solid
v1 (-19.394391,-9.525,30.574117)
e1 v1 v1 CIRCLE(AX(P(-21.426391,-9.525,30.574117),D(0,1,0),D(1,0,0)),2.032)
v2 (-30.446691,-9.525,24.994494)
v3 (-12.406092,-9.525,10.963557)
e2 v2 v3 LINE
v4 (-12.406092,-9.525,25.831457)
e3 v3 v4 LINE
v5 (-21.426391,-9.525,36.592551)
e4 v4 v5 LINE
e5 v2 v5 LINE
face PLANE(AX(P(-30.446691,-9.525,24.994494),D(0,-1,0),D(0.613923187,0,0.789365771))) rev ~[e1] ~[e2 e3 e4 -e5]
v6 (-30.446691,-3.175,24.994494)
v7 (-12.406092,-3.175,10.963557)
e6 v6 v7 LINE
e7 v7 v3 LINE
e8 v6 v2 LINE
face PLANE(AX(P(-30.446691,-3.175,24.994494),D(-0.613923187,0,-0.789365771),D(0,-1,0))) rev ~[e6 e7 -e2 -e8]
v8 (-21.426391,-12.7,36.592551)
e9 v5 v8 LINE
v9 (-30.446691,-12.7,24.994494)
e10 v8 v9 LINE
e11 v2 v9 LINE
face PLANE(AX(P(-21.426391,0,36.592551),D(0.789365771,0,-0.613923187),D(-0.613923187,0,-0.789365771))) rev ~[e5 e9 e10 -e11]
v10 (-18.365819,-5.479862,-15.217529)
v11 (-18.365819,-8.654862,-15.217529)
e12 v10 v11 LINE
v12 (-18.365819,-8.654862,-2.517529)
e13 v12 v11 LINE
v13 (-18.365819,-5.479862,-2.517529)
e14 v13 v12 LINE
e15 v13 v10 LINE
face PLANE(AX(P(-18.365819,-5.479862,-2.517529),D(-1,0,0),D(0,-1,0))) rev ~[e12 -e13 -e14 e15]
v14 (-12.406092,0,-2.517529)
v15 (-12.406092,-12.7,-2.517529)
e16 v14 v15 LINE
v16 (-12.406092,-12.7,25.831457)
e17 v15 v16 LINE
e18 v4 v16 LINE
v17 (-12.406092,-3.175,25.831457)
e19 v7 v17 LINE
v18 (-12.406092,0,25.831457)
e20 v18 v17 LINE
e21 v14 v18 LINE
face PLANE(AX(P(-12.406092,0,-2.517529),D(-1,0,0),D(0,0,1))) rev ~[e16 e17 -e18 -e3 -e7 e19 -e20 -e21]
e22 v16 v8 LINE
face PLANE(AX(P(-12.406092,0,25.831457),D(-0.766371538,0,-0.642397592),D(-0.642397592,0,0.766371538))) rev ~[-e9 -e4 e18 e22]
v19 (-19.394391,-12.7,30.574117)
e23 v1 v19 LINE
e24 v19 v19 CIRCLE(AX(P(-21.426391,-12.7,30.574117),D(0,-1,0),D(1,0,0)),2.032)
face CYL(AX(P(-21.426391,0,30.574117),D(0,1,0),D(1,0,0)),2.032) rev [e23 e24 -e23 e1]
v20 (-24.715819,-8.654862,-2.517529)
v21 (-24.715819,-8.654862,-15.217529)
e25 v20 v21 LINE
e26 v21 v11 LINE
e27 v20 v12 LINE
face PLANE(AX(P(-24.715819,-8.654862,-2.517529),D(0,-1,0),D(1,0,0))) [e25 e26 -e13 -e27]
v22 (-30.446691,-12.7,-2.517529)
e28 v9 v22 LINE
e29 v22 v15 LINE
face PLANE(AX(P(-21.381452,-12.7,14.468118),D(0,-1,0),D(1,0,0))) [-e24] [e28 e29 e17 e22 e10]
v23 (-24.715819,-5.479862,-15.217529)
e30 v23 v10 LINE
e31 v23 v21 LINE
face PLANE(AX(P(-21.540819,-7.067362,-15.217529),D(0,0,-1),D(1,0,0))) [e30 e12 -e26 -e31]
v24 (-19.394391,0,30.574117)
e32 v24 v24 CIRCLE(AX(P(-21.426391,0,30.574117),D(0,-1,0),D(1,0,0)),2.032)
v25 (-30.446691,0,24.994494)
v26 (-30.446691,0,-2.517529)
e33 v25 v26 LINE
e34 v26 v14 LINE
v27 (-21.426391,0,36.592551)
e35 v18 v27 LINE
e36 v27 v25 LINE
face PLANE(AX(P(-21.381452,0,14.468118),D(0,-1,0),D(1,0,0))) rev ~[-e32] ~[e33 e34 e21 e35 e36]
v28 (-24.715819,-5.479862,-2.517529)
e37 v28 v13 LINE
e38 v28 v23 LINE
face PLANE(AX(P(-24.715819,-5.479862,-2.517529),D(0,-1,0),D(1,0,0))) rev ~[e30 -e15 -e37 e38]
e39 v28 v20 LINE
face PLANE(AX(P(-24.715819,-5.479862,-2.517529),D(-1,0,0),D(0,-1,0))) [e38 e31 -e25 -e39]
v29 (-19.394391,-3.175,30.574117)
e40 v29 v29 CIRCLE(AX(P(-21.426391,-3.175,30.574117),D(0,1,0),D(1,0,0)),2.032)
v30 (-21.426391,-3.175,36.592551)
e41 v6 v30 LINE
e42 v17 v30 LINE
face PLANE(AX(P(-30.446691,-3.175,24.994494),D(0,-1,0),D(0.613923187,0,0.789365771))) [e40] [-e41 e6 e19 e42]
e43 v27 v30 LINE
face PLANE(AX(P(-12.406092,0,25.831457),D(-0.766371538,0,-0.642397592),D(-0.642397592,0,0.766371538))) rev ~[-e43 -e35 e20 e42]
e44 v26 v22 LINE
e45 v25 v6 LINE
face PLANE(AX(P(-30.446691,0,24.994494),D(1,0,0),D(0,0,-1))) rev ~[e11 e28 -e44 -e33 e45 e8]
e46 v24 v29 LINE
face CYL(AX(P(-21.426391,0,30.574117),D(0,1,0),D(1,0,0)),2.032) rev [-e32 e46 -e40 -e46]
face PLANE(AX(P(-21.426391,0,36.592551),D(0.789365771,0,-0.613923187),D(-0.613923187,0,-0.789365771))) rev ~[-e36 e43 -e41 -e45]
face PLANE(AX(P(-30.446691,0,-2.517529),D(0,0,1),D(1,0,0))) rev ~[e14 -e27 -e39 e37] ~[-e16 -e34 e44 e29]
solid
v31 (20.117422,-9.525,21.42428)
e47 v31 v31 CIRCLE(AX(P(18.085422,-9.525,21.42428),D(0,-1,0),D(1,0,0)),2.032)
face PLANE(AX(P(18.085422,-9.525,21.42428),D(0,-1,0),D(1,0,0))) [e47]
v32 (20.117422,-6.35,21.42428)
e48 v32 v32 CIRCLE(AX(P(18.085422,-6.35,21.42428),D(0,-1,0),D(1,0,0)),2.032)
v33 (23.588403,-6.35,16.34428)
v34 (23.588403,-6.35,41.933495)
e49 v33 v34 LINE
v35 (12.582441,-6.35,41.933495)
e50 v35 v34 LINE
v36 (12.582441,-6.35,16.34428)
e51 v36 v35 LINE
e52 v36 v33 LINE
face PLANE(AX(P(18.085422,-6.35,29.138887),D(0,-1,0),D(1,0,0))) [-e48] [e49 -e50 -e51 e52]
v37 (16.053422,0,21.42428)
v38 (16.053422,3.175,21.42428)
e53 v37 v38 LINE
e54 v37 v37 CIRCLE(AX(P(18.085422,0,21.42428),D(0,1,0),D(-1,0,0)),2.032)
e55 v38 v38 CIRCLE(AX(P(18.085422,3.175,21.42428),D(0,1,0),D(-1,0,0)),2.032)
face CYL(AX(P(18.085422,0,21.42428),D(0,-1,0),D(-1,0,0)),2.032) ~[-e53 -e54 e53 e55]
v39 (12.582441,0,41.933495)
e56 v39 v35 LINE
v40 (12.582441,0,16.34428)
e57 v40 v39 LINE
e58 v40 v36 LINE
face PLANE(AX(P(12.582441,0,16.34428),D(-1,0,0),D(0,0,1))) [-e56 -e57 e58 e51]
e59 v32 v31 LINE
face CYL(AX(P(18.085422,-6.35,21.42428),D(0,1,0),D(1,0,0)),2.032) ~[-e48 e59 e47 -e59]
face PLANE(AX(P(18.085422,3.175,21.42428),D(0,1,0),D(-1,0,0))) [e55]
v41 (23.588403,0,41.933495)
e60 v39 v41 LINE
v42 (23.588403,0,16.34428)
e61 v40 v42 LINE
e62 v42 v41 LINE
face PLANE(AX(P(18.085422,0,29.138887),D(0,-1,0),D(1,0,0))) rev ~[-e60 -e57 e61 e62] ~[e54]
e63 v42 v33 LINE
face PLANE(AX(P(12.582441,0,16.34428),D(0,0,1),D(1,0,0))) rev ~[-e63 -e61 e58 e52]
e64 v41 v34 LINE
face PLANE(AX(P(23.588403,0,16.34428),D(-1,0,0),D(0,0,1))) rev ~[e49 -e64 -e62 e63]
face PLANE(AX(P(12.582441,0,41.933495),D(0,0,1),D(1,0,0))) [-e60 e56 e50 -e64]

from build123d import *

# Parameters (mm, degrees)
F0_R      = 2.032
F1_DEPTH  = 12.7
F2_W      = 6.35
F2_H      = 14.692879385
F3_DEPTH  = 25.4
F4_W      = 11.0059620068
F4_H      = 25.5892152746
F5_DEPTH  = 6.35
F6_R      = 2.032
F8_DEPTH  = 3.175
F7_R      = 2.032
F9_DEPTH  = 3.175
F10_W     = 6.35
F10_H     = 3.175
F11_DEPTH = 12.7


with BuildPart() as f1:
    # F0 (on Front) → F1 (new body)
    with BuildSketch(Plane.XZ):
        Polygon((-12.4060919796, 25.8314568394), (-21.4263913222, 36.5925505482), (-30.4466906647, 24.9944944872), (-30.4466906647, -2.5175290372), (-12.4060919796, -2.5175290372), align=None)
        with Locations((-21.4263913222, 30.5741173131)):
            Circle(F0_R, mode=Mode.SUBTRACT)
    extrude(amount=F1_DEPTH)

    # F2 (on face) → F3 (cut)
    with BuildSketch(Plane(origin=(-31.0838625283, 0, 24.1752361994), x_dir=(0, -1, 0), z_dir=(-0.7893657708, 0, 0.6139231873))):
        with Locations((6.35, 8.3843087237)):
            Rectangle(F2_W, F2_H)
    extrude(amount=-F3_DEPTH, mode=Mode.SUBTRACT)

    # F10 (on face) → F11 (join)
    with BuildSketch(Plane(origin=(0, 0, -2.5175290372), x_dir=(1, 0, 0), z_dir=(0, 0, -1))):
        with Locations((-21.540818736, 7.0673617972)):
            Rectangle(F10_W, F10_H)
    extrude(amount=F11_DEPTH)


with BuildPart() as f5:
    # F4 (on Front) → F5 (new body)
    with BuildSketch(Plane.XZ):
        with Locations((18.0854215287, 29.1388873011)):
            Rectangle(F4_W, F4_H)
    extrude(amount=F5_DEPTH)

    # F6 (on face) → F8 (join)
    with BuildSketch(Plane.XZ.offset(6.35)):
        with Locations((18.0854215287, 21.4242796638)):
            Circle(F6_R)
    extrude(amount=F8_DEPTH)

    # F7 (on face) → F9 (join)
    with BuildSketch(Plane(origin=(0, 0, 0), x_dir=(-1, 0, 0), z_dir=(0, 1, 0))):
        with Locations((-18.0854215287, 21.4242796638)):
            Circle(F7_R)
    extrude(amount=F9_DEPTH)


solid = Compound([f1.part, f5.part])
